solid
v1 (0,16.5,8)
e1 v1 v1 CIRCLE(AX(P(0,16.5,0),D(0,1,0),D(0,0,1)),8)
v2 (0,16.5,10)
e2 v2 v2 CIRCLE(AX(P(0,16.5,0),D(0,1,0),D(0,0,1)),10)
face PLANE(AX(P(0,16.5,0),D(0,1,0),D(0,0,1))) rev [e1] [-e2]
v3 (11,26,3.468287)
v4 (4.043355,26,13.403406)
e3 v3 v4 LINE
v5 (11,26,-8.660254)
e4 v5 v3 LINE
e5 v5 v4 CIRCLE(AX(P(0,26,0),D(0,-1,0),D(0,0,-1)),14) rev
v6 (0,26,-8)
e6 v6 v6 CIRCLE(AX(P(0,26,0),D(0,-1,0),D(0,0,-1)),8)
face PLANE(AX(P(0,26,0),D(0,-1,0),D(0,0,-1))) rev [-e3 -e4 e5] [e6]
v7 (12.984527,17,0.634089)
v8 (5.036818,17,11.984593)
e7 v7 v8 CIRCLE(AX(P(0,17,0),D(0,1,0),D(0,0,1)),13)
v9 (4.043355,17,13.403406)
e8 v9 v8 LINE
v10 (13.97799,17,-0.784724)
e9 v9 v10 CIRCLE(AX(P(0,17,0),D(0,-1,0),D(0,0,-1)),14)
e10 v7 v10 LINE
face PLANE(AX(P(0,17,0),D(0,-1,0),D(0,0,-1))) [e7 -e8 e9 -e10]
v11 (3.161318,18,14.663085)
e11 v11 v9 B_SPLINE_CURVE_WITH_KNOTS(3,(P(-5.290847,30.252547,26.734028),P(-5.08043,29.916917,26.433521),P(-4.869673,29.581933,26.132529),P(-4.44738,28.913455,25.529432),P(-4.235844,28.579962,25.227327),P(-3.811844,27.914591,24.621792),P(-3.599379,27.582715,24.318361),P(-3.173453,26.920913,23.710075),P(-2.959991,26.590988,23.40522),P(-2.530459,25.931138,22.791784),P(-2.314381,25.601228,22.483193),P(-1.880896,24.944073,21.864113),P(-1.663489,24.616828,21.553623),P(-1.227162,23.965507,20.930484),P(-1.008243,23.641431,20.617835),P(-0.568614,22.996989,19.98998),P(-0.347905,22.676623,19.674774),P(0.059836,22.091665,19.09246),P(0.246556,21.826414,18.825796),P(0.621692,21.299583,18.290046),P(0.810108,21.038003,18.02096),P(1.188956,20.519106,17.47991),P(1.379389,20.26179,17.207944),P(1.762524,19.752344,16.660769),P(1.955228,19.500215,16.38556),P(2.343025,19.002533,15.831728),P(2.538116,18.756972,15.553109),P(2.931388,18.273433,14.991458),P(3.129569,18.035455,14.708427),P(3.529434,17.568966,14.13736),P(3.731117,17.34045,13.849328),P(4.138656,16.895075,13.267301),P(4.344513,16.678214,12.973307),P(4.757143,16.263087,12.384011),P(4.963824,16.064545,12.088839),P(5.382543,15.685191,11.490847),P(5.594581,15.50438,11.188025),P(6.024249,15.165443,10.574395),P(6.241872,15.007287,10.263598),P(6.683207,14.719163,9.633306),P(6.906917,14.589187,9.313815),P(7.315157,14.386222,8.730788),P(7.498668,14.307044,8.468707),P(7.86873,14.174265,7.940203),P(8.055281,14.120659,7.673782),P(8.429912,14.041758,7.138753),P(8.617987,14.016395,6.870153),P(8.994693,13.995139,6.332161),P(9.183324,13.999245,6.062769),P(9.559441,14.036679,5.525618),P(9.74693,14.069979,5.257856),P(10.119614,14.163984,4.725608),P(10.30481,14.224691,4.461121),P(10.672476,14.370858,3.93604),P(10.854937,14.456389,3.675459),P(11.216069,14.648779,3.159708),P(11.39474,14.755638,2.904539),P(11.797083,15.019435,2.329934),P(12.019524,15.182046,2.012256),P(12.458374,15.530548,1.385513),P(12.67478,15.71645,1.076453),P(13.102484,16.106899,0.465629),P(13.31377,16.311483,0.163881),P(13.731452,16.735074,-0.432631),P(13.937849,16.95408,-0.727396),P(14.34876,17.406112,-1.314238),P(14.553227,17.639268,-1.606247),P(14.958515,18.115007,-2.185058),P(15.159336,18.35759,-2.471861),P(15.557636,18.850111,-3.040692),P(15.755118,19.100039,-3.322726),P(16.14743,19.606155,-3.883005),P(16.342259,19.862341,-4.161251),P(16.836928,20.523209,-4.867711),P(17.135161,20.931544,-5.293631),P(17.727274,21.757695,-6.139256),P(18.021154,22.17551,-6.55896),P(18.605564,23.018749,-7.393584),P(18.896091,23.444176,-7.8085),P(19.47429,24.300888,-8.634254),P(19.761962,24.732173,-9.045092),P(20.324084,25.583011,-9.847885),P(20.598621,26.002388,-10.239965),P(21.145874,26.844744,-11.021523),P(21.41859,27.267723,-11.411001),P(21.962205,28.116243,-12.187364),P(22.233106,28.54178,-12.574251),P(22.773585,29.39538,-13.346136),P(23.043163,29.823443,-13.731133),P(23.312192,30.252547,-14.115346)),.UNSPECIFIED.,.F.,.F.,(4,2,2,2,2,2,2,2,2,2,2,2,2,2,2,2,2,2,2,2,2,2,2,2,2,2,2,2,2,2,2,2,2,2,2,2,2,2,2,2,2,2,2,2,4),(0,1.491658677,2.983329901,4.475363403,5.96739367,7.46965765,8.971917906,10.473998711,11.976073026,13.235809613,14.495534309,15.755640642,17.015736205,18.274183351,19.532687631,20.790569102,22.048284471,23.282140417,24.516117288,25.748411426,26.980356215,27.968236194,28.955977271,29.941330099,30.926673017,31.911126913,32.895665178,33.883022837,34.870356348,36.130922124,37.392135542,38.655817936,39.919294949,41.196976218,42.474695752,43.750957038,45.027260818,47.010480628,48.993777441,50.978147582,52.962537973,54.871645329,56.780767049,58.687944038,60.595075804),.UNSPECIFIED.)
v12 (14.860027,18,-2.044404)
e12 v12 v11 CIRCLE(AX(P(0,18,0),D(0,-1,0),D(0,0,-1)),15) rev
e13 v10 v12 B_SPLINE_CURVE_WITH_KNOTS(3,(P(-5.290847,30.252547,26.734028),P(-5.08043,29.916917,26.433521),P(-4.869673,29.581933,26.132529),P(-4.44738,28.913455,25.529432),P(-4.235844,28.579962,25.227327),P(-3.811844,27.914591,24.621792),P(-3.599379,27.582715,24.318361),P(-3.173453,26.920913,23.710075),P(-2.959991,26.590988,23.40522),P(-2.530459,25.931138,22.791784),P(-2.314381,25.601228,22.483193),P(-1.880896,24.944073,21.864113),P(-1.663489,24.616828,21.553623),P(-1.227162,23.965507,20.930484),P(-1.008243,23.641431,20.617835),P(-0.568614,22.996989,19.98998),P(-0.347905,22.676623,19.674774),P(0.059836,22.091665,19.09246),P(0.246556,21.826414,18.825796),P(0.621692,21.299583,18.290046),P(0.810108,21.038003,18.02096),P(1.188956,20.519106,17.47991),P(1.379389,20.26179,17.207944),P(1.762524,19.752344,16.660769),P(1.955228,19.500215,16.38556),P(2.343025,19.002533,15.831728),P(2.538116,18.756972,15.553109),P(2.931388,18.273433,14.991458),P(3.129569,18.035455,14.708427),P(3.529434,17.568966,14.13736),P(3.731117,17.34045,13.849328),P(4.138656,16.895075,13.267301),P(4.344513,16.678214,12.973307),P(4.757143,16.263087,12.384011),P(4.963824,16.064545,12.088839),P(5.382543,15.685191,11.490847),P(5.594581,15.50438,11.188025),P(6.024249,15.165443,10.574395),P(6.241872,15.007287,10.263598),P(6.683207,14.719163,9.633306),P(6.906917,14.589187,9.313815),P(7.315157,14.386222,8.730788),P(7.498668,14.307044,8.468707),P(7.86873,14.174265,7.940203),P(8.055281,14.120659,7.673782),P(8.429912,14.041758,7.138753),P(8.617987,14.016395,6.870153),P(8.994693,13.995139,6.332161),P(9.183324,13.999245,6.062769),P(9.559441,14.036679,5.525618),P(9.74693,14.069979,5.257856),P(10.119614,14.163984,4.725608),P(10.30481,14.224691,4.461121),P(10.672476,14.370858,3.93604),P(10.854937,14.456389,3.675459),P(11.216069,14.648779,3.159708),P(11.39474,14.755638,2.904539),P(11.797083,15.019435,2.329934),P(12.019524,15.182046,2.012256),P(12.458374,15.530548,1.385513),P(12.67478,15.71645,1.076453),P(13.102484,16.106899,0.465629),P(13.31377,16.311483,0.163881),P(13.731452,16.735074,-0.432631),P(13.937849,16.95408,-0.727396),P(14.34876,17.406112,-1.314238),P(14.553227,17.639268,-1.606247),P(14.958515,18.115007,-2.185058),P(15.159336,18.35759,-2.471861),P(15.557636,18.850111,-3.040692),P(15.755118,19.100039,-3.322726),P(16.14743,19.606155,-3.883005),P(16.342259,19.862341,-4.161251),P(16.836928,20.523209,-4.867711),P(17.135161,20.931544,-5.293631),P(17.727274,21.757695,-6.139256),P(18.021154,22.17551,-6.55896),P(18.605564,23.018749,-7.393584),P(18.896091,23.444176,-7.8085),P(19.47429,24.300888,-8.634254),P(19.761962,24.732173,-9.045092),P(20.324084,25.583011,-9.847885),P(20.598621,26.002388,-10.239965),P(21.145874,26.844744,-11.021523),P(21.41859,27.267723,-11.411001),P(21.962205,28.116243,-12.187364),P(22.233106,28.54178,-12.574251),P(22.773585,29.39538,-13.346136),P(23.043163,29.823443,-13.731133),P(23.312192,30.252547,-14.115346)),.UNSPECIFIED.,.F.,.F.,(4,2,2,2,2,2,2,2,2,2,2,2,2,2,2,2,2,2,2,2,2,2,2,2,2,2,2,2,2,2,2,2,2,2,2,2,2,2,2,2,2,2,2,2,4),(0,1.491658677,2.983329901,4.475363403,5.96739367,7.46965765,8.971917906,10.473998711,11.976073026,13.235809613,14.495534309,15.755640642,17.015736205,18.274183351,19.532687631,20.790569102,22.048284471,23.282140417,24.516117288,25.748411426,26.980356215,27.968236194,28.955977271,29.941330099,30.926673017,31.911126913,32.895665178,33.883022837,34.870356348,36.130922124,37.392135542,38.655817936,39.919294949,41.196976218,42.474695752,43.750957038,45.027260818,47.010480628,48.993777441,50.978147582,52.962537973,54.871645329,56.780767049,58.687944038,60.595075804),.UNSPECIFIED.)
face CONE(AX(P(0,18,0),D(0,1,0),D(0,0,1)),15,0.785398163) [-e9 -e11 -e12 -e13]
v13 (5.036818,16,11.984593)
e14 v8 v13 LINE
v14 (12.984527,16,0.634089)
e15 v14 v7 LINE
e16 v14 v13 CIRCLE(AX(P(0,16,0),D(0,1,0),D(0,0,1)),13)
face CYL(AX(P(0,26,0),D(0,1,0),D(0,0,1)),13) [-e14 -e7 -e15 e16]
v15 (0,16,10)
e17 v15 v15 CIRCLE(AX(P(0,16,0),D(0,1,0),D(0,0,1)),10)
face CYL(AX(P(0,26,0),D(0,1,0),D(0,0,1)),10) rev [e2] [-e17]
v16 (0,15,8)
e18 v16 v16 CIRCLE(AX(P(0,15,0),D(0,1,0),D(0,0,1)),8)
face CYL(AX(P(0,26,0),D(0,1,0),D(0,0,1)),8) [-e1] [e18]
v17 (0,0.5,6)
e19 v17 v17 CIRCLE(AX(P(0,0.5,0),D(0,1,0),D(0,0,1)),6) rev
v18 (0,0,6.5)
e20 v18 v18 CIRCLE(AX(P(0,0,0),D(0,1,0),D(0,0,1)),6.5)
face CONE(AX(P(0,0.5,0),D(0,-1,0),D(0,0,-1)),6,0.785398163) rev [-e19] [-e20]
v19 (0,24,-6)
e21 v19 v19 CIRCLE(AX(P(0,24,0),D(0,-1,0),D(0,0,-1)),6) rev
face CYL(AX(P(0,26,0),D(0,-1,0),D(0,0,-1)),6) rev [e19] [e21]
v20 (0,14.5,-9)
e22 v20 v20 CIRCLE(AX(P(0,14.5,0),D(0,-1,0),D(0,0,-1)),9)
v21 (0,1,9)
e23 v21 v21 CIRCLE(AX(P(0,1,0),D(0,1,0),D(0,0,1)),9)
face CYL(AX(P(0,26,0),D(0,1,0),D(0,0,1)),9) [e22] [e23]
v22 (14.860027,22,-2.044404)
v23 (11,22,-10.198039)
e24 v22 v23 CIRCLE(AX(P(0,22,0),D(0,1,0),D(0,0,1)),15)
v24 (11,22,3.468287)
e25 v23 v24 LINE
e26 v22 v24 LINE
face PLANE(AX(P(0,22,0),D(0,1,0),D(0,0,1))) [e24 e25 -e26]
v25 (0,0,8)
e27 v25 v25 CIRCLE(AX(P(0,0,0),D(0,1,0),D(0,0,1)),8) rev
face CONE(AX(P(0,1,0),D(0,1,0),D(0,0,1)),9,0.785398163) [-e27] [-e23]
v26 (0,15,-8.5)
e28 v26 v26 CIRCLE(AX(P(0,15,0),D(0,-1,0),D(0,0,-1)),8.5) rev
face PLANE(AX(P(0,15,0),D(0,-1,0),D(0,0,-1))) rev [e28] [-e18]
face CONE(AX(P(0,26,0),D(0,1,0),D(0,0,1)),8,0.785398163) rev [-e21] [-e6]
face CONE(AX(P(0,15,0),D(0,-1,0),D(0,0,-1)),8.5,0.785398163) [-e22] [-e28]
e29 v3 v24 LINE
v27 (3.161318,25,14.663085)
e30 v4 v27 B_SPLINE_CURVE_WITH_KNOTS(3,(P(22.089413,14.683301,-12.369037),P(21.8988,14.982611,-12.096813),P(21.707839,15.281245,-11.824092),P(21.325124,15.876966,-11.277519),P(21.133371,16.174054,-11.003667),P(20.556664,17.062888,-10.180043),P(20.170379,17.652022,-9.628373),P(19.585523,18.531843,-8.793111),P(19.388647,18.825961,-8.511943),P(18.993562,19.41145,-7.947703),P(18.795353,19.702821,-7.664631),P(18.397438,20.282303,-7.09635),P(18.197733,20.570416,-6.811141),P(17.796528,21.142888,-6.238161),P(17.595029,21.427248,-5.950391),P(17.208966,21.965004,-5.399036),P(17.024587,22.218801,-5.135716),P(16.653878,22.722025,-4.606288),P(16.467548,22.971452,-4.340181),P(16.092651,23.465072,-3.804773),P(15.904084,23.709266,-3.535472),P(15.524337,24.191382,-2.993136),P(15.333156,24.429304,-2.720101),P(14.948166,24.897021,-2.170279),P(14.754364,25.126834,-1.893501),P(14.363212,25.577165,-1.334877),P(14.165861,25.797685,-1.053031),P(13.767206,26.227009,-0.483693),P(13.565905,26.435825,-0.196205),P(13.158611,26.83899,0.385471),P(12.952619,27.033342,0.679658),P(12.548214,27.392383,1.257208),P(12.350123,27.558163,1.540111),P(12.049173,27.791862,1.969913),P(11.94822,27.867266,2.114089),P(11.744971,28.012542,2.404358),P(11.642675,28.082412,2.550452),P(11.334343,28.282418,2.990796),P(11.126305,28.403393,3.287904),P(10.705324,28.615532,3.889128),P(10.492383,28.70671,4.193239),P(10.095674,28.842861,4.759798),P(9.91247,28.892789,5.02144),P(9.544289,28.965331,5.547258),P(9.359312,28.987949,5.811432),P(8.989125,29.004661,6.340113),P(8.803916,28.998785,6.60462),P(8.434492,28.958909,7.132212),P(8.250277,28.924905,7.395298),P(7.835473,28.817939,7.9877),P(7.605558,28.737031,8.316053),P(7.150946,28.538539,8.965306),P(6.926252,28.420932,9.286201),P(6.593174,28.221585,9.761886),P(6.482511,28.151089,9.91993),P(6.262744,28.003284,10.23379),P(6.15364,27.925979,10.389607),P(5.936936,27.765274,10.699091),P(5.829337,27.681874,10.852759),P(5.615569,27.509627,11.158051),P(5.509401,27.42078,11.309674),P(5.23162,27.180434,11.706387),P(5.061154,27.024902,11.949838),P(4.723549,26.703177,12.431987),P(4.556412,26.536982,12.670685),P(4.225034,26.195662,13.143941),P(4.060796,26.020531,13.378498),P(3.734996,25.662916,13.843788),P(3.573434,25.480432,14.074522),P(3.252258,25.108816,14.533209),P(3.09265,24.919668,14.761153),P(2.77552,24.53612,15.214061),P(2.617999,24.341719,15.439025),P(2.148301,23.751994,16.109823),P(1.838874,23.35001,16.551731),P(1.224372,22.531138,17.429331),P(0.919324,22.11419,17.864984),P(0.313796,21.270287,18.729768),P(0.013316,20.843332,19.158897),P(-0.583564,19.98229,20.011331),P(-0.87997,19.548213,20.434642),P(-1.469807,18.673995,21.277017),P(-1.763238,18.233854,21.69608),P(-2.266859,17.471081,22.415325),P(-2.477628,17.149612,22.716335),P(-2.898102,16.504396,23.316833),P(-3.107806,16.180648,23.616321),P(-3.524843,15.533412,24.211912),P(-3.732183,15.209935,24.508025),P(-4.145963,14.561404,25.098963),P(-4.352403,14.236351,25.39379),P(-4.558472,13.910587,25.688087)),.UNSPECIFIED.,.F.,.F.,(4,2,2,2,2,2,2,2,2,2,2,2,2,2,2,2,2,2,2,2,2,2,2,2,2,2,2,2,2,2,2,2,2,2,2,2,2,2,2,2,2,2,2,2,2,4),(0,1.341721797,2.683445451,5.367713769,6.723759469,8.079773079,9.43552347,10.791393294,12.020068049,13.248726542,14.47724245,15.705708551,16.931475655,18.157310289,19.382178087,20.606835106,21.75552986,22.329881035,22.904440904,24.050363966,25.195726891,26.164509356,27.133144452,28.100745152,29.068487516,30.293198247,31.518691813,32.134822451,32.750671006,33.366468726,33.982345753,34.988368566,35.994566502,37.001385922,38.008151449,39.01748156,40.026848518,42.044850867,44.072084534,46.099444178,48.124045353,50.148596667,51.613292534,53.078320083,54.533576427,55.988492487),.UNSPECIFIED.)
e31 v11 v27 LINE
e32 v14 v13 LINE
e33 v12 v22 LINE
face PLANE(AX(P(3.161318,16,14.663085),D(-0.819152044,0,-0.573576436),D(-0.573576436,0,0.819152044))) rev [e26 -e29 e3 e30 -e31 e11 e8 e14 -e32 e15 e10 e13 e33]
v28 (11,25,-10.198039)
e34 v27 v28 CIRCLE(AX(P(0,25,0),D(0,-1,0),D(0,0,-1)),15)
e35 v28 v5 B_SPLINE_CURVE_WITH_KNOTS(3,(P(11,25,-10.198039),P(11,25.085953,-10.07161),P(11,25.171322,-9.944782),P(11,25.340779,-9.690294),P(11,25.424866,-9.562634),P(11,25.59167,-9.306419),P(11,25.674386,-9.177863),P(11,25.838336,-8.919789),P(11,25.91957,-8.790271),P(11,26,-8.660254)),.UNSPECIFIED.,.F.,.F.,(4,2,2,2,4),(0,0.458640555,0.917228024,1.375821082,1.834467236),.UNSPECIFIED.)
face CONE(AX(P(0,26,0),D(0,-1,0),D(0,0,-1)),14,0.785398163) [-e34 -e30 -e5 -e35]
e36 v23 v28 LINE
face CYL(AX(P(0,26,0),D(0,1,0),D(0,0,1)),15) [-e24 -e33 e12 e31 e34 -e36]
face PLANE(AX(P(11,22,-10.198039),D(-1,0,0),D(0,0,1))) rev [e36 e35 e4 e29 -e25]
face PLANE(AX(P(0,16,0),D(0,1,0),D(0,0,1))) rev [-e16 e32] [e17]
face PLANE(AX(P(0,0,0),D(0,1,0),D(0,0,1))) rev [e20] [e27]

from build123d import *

# Parameters (mm, degrees)
SKETCH_2_R          = 6
CUT_EXTRUDE_1_DEPTH = 27
CUT_EXTRUDE_2_DEPTH = 4
CHAMFER_2_SIZE      = 2
CHAMFER_3_SIZE      = 1
CHAMFER_4_SIZE      = 0.5
CUT_EXTRUDE_3_DEPTH = 10


with BuildPart() as part:
    # 草图1 → 旋转1 (revolve)
    with BuildSketch(Plane.XY):
        Polygon((0, 0), (9, 0), (9, 15), (8, 15), (8, 16), (8, 16.5), (10, 16.5), (10, 16), (13, 16), (13, 17), (15, 17), (15, 26), (0, 26), align=None)
    revolve(axis=Axis((0, 26, 0), (0, -1, 0)))

    # 草图2 → 切除-拉伸1 (cut, through all)
    with BuildSketch(Plane.XZ):
        Circle(SKETCH_2_R)
    extrude(amount=-CUT_EXTRUDE_1_DEPTH, mode=Mode.SUBTRACT)

    # 草图3 → 切除-拉伸2 (cut)
    with BuildSketch(Plane(origin=(0, 26, 0), x_dir=(1, 0, 0), z_dir=(0, 1, 0))):
        with BuildLine():
            Line((11, 10.198039027), (11, -10.198039027))
            ThreePointArc((11, -10.198039027), (15, 0), (11, 10.198039027))
        make_face()
    extrude(amount=-CUT_EXTRUDE_2_DEPTH, mode=Mode.SUBTRACT)

    # 倒角2
    chamfer_2_edges = [part.edges().sort_by_distance(p)[0] for p in [
        (-6, 26, 0),
    ]]
    chamfer(chamfer_2_edges, length=CHAMFER_2_SIZE)

    # 倒角3
    chamfer_3_edges = [part.edges().sort_by_distance(p)[0] for p in [
        (-9, 0, 0),
        (-15, 17, 0),
        (-15, 26, 0),
    ]]
    chamfer(chamfer_3_edges, length=CHAMFER_3_SIZE)

    # 倒角4
    chamfer_4_edges = [part.edges().sort_by_distance(p)[0] for p in [
        (-9, 15, 0),
        (-6, 0, 0),
    ]]
    chamfer(chamfer_4_edges, length=CHAMFER_4_SIZE)

    # 草图4 → 切除-拉伸3 (cut)
    with BuildSketch(Plane(origin=(0, 26, 0), x_dir=(1, 0, 0), z_dir=(0, 1, 0))):
        with BuildLine():
            Line((3.161317604, -14.663085317), (14.86002737, 2.044403717))
            ThreePointArc((14.86002737, 2.044403717), (14.305754261, -4.510586993), (11, -10.198039027))
            ThreePointArc((11, -10.198039027), (7.424276979, -13.033806479), (3.161317604, -14.663085317))
        make_face()
    extrude(amount=-CUT_EXTRUDE_3_DEPTH, mode=Mode.SUBTRACT)


solid = part.part
